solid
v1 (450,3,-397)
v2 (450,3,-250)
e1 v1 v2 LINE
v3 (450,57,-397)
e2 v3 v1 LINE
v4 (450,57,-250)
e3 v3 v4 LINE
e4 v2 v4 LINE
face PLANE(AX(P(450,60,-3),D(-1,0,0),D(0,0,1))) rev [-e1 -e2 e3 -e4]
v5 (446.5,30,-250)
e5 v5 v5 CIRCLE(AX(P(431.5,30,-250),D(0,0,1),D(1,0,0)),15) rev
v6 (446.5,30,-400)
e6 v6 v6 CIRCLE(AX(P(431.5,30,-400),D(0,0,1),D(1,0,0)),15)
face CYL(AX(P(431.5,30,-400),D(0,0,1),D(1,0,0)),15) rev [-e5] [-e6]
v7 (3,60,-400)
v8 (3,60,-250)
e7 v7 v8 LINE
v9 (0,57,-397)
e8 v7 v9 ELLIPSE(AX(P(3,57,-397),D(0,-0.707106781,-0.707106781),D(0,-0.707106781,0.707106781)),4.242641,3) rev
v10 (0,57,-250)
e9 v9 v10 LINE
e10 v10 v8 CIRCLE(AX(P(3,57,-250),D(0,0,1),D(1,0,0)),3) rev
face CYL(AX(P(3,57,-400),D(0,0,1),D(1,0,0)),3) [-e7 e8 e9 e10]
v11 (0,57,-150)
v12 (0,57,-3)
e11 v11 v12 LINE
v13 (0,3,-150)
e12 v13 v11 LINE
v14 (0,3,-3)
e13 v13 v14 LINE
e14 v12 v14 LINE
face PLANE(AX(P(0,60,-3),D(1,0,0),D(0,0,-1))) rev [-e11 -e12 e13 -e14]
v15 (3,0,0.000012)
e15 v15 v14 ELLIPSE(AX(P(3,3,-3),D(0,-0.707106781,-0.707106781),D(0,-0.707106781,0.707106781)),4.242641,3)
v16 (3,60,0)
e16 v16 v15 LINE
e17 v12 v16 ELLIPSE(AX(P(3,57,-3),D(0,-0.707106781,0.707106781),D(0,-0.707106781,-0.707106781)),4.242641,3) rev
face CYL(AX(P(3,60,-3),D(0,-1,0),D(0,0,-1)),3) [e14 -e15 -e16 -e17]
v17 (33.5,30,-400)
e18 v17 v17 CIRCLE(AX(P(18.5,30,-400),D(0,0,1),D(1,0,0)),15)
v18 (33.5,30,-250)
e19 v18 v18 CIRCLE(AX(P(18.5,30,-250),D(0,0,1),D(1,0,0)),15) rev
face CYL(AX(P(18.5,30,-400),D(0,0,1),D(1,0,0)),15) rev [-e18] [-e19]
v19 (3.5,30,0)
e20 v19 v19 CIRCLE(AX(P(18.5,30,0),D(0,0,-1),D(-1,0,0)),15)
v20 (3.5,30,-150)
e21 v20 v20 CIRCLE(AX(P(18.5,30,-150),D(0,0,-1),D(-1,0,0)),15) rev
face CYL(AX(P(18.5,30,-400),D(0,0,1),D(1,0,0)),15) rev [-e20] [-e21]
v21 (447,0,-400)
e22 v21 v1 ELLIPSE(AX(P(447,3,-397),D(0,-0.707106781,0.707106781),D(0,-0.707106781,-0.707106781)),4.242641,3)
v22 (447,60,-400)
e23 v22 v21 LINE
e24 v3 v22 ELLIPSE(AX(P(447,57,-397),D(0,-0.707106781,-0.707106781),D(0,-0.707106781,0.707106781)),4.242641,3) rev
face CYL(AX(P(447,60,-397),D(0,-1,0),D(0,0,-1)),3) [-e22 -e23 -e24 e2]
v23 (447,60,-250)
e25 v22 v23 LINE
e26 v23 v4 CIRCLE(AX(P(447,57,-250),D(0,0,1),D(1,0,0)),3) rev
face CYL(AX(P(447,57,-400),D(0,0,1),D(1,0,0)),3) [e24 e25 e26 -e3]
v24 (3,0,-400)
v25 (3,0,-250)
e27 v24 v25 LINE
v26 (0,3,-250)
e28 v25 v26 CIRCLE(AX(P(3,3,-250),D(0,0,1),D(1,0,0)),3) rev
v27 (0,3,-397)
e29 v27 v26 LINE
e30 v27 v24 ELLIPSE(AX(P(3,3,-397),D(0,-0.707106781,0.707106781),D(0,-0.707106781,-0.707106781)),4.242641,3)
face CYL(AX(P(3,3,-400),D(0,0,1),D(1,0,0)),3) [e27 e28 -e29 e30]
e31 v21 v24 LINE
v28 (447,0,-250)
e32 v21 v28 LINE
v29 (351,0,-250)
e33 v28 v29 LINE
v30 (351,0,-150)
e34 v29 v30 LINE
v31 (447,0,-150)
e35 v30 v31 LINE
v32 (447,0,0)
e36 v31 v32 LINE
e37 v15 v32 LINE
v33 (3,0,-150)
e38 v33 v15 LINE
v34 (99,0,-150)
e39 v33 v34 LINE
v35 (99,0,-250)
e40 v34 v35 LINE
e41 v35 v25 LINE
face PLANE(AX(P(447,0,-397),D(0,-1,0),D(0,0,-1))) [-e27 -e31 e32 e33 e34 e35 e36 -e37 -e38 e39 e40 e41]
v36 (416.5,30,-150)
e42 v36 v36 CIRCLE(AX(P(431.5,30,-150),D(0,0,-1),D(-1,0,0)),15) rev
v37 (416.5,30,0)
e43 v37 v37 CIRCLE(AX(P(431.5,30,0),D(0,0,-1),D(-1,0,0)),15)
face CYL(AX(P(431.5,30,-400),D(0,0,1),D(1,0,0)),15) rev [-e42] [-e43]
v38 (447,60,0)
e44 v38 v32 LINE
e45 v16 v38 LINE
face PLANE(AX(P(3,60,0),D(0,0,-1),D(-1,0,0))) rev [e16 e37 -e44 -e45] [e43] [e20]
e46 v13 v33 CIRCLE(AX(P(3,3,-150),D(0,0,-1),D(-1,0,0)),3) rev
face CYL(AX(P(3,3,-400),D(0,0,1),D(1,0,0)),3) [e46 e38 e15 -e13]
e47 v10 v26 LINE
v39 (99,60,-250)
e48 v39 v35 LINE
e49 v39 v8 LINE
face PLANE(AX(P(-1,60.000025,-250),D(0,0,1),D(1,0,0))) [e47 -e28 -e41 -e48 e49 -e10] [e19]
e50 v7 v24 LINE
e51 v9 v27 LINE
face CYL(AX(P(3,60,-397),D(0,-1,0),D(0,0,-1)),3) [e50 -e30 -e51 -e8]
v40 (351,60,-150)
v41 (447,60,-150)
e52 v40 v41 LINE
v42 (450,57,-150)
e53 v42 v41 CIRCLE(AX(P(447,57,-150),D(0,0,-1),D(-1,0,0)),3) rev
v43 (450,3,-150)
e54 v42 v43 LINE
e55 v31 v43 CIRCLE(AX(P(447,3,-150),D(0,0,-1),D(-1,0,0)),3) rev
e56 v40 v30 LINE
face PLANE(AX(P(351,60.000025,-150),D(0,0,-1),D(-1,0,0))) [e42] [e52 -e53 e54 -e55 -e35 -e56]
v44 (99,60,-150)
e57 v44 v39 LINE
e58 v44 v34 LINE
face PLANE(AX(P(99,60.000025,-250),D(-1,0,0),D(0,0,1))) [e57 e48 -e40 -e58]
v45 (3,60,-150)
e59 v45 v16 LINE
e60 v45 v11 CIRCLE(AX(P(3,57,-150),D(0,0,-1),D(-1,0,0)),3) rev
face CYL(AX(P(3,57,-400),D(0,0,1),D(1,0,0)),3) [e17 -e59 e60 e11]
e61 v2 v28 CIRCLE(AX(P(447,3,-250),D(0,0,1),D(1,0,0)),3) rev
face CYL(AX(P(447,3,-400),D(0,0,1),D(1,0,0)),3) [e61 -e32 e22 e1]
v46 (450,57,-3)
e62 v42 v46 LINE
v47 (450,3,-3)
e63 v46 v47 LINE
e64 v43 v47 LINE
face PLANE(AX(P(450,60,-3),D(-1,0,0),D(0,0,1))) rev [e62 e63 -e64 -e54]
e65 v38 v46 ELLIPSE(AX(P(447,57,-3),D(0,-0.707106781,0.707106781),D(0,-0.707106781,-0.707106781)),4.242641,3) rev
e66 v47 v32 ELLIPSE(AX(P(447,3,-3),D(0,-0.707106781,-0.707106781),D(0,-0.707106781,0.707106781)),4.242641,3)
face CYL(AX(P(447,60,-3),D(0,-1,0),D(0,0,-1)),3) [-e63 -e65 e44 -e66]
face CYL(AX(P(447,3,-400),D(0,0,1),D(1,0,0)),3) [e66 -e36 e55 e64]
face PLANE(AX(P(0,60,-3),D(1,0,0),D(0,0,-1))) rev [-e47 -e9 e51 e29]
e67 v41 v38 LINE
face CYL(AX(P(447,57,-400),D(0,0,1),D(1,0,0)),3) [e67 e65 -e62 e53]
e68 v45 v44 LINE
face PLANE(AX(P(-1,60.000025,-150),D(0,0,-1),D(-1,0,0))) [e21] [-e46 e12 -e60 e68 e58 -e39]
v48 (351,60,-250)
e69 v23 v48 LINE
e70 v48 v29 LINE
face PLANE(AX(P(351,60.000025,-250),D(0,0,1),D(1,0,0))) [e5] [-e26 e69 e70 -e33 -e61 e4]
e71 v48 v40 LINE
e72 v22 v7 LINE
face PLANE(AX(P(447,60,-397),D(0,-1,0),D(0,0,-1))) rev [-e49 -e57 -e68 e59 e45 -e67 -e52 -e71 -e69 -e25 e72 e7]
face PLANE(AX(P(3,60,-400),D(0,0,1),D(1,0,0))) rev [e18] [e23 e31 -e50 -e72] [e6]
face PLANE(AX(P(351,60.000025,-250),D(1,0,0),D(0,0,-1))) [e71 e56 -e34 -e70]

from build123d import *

# Parameters (mm, degrees)
ESTRUSIONE_ESTRUSIONE1_DEPTH  = 60
TAGLIO_ESTRUSIONE2_DEPTH      = 606.061980296
TAGLIO_ESTRUSIONE2_DEPTH_BACK = 606.061980296
SCHIZZO3_OUTSIDE_W            = 573.012
SCHIZZO3_OUTSIDE_H            = 183.012
SCHIZZO3_OUTSIDE_R            = 15
SCHIZZO4_W                    = 100
SCHIZZO4_H                    = 100
TAGLIO_ESTRUSIONE3_DEPTH      = 606.061980296


with BuildPart() as part:
    # Schizzo1 → Estrusione-Estrusione1 (new body)
    with BuildSketch(Plane(origin=(0, 0, 0), x_dir=(1, 0, 0), z_dir=(0, 1, 0))):
        with BuildLine():
            Line((3, 0), (447, 0))
            ThreePointArc((447, 0), (449.121320344, 0.878679656), (450, 3))
            Line((450, 3), (450, 397))
            ThreePointArc((450, 397), (449.121320344, 399.121320344), (447, 400))
            Line((447, 400), (3, 400))
            ThreePointArc((3, 400), (0.878679656, 399.121320344), (0, 397))
            Line((0, 397), (0, 3))
            ThreePointArc((0, 3), (0.878679656, 0.878679656), (3, 0))
        make_face()
    extrude(amount=ESTRUSIONE_ESTRUSIONE1_DEPTH)

    # Schizzo3 outside → Taglio-Estrusione2 (cut, two sides: drawn at the far end of the back side and taken through both)
    # profile 1 of 3: a face of its own
    with BuildSketch(Plane.XY.offset(-TAGLIO_ESTRUSIONE2_DEPTH_BACK)):
        with Locations((225, 30)):
            Rectangle(SCHIZZO3_OUTSIDE_W, SCHIZZO3_OUTSIDE_H)
        with BuildLine():
            Line((3, 60), (447, 60))
            ThreePointArc((447, 60), (449.121320344, 59.121320344), (450, 57))
            Line((450, 57), (450, 3))
            ThreePointArc((450, 3), (449.121320344, 0.878679656), (447, 0))
            Line((447, 0), (3, 0))
            ThreePointArc((3, 0), (0.878679656, 0.878679656), (0, 3))
            Line((0, 3), (0, 57))
            ThreePointArc((0, 57), (0.878679656, 59.121320344), (3, 60))
        make_face(mode=Mode.SUBTRACT)
    # profile 2 of 3: a face of its own
    with BuildSketch(Plane.XY.offset(-TAGLIO_ESTRUSIONE2_DEPTH_BACK)):
        with Locations((18.5, 30)):
            Circle(SCHIZZO3_OUTSIDE_R)
    # profile 3 of 3: a face of its own
    with BuildSketch(Plane.XY.offset(-TAGLIO_ESTRUSIONE2_DEPTH_BACK)):
        with Locations((431.5, 30)):
            Circle(SCHIZZO3_OUTSIDE_R)
    extrude(amount=TAGLIO_ESTRUSIONE2_DEPTH + TAGLIO_ESTRUSIONE2_DEPTH_BACK, mode=Mode.SUBTRACT)

    # Schizzo4 → Taglio-Estrusione3 (cut, through all)
    with BuildSketch(Plane(origin=(0, 0, 0), x_dir=(1, 0, 0), z_dir=(0, 1, 0))):
        with Locations((49, 200)):
            Rectangle(SCHIZZO4_W, SCHIZZO4_H)
        with Locations((401, 200)):
            Rectangle(SCHIZZO4_W, SCHIZZO4_H)
    extrude(amount=TAGLIO_ESTRUSIONE3_DEPTH, mode=Mode.SUBTRACT)


solid = part.part
